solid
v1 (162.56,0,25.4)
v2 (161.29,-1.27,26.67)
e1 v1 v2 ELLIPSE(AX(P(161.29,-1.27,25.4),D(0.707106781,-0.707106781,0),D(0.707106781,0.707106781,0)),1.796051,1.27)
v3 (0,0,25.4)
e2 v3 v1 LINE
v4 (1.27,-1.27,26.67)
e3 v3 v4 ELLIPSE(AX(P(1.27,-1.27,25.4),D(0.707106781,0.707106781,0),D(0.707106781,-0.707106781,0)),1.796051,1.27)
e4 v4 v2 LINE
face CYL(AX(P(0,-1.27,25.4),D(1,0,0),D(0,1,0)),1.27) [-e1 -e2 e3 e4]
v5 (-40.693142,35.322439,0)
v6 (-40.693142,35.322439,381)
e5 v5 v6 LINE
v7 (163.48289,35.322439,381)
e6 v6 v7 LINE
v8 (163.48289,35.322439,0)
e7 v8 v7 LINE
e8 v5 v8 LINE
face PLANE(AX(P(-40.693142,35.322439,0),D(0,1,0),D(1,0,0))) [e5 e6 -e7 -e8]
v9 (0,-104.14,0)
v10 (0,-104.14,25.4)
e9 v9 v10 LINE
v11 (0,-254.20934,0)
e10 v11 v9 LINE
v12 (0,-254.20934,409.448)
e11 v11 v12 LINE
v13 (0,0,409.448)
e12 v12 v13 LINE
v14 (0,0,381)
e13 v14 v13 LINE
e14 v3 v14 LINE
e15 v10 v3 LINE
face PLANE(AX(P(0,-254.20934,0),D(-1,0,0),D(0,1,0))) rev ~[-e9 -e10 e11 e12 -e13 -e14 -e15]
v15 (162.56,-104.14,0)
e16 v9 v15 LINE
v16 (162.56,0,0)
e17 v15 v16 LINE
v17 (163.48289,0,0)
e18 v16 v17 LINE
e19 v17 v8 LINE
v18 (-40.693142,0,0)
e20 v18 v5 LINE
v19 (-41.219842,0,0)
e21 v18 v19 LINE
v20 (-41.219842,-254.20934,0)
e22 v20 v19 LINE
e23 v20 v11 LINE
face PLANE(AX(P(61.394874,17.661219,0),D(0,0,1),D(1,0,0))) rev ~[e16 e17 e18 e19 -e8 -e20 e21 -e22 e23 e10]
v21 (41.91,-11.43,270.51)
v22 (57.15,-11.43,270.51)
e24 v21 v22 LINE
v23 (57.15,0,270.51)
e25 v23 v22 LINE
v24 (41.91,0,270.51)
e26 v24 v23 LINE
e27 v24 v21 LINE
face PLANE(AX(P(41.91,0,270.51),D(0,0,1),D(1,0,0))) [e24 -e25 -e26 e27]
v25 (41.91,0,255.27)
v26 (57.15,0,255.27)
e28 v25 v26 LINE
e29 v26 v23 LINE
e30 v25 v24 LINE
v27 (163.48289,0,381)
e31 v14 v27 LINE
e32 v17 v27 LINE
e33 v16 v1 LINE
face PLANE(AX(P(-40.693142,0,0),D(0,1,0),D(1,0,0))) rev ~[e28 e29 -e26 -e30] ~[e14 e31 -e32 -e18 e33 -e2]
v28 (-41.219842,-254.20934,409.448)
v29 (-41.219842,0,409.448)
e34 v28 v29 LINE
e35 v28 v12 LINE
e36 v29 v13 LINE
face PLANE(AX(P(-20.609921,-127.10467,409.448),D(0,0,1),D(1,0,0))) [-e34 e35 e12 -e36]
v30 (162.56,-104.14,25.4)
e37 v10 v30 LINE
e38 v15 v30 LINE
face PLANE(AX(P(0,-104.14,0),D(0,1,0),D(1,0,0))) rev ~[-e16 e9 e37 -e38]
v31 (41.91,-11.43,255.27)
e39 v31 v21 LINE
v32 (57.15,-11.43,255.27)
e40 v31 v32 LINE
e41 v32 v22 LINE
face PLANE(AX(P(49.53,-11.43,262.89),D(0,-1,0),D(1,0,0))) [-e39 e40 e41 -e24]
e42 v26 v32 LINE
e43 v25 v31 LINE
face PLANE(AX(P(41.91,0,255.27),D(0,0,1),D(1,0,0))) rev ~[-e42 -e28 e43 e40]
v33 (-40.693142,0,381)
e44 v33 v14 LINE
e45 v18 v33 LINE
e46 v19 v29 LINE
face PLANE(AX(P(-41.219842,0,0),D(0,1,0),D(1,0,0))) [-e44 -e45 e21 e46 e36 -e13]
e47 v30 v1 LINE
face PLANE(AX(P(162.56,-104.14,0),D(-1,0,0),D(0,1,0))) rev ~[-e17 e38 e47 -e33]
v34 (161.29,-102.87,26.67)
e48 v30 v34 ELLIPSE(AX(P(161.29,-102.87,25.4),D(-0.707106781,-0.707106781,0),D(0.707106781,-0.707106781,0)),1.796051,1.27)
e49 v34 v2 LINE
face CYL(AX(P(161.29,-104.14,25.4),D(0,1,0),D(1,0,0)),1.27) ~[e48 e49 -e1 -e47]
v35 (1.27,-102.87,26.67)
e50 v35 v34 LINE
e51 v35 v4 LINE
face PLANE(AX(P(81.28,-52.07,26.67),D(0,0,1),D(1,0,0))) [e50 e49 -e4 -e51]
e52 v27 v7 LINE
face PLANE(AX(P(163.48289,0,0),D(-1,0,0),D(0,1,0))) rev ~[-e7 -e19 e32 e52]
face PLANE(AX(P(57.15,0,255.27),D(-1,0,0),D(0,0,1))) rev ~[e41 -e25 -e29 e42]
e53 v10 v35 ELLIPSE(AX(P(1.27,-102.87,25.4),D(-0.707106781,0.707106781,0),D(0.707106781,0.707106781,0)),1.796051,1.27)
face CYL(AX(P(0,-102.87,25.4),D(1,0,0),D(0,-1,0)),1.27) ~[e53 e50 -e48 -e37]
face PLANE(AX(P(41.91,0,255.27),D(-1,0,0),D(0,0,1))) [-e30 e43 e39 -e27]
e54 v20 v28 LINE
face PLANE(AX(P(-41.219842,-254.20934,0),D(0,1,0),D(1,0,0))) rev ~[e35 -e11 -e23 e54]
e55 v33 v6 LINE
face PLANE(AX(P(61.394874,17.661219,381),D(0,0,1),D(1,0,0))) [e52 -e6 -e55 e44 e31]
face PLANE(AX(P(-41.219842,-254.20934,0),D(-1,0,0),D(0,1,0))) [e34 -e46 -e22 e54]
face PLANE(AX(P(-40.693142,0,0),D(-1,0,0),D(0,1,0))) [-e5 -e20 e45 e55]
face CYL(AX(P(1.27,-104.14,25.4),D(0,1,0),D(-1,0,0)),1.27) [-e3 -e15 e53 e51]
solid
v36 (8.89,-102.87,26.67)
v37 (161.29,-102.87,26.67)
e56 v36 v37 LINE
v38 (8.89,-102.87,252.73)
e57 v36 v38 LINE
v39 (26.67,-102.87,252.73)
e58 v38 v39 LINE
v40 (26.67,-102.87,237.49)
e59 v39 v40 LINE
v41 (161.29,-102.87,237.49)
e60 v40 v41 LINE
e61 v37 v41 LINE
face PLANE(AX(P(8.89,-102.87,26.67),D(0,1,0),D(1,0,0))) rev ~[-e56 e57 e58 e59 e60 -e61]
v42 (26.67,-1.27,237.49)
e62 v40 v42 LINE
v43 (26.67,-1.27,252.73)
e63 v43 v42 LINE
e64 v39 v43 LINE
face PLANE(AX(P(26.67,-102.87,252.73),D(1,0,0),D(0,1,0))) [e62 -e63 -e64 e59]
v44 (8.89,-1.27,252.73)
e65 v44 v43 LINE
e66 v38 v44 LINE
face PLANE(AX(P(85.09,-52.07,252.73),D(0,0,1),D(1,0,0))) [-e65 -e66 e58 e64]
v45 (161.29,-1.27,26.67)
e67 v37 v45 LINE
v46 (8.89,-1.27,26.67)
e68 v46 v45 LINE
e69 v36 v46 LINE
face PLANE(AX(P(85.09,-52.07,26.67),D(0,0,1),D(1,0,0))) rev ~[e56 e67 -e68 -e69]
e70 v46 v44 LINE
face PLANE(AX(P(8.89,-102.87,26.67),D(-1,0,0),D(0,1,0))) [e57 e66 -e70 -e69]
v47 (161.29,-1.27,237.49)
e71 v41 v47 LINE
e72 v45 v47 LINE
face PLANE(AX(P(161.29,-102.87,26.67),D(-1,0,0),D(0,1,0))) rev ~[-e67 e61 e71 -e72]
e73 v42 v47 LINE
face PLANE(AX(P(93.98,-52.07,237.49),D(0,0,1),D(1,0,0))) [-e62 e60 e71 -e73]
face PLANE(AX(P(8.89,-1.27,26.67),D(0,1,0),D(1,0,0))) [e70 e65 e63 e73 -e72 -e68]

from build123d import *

# Parameters (mm, degrees)
F0_W      = 162.56
F0_H      = 104.14
F1_DEPTH  = 26.67
F2_R      = 1.27
F3_W      = 41.2198416889
F3_H      = 254.2093396187
F4_DEPTH  = 409.448
F5_W      = 204.1760310531
F5_H      = 35.3224389255
F6_DEPTH  = 381
F7_W      = 15.24
F7_H      = 15.24
F8_DEPTH  = 11.43
F9_W      = 152.4
F9_H      = 101.6
F10_DEPTH = 226.06
F11_W     = 134.62
F11_H     = 101.6
F12_DEPTH = 15.24


with BuildPart() as f1:
    # F0 (on Top) → F1 (new body)
    with BuildSketch(Plane.XY):
        with Locations((81.28, -52.07)):
            Rectangle(F0_W, F0_H)
    extrude(amount=F1_DEPTH)

    # F2
    f2_edges = [f1.edges().sort_by_distance(p)[0] for p in [
        (81.28, 0, 26.67),
        (0, -52.07, 26.67),
        (81.28, -104.14, 26.67),
        (162.56, -52.07, 26.67),
    ]]
    fillet(f2_edges, radius=F2_R)

    # F3 (on Top) → F4 (join)
    with BuildSketch(Plane.XY):
        with Locations((-20.6099208444, -127.1046698093)):
            Rectangle(F3_W, F3_H)
    extrude(amount=F4_DEPTH)

    # F5 (on Top) → F6 (join)
    with BuildSketch(Plane.XY):
        with Locations((61.3948740065, 17.6612194628)):
            Rectangle(F5_W, F5_H)
    extrude(amount=F6_DEPTH)

    # F7 (on face) → F8 (join)
    with BuildSketch(Plane.XZ):
        with Locations((49.53, 262.89)):
            Rectangle(F7_W, F7_H)
    extrude(amount=F8_DEPTH)


with BuildPart() as f10:
    # F9 (on face) → F10 (new body)
    with BuildSketch(Plane.XY.offset(26.67)):
        with Locations((85.09, -52.07)):
            Rectangle(F9_W, F9_H)
    extrude(amount=F10_DEPTH)

    # F11 (on face) → F12 (cut)
    with BuildSketch(Plane.XY.offset(252.73)):
        with Locations((93.98, -52.07)):
            Rectangle(F11_W, F11_H)
    extrude(amount=-F12_DEPTH, mode=Mode.SUBTRACT)


solid = Compound([f1.part, f10.part])
